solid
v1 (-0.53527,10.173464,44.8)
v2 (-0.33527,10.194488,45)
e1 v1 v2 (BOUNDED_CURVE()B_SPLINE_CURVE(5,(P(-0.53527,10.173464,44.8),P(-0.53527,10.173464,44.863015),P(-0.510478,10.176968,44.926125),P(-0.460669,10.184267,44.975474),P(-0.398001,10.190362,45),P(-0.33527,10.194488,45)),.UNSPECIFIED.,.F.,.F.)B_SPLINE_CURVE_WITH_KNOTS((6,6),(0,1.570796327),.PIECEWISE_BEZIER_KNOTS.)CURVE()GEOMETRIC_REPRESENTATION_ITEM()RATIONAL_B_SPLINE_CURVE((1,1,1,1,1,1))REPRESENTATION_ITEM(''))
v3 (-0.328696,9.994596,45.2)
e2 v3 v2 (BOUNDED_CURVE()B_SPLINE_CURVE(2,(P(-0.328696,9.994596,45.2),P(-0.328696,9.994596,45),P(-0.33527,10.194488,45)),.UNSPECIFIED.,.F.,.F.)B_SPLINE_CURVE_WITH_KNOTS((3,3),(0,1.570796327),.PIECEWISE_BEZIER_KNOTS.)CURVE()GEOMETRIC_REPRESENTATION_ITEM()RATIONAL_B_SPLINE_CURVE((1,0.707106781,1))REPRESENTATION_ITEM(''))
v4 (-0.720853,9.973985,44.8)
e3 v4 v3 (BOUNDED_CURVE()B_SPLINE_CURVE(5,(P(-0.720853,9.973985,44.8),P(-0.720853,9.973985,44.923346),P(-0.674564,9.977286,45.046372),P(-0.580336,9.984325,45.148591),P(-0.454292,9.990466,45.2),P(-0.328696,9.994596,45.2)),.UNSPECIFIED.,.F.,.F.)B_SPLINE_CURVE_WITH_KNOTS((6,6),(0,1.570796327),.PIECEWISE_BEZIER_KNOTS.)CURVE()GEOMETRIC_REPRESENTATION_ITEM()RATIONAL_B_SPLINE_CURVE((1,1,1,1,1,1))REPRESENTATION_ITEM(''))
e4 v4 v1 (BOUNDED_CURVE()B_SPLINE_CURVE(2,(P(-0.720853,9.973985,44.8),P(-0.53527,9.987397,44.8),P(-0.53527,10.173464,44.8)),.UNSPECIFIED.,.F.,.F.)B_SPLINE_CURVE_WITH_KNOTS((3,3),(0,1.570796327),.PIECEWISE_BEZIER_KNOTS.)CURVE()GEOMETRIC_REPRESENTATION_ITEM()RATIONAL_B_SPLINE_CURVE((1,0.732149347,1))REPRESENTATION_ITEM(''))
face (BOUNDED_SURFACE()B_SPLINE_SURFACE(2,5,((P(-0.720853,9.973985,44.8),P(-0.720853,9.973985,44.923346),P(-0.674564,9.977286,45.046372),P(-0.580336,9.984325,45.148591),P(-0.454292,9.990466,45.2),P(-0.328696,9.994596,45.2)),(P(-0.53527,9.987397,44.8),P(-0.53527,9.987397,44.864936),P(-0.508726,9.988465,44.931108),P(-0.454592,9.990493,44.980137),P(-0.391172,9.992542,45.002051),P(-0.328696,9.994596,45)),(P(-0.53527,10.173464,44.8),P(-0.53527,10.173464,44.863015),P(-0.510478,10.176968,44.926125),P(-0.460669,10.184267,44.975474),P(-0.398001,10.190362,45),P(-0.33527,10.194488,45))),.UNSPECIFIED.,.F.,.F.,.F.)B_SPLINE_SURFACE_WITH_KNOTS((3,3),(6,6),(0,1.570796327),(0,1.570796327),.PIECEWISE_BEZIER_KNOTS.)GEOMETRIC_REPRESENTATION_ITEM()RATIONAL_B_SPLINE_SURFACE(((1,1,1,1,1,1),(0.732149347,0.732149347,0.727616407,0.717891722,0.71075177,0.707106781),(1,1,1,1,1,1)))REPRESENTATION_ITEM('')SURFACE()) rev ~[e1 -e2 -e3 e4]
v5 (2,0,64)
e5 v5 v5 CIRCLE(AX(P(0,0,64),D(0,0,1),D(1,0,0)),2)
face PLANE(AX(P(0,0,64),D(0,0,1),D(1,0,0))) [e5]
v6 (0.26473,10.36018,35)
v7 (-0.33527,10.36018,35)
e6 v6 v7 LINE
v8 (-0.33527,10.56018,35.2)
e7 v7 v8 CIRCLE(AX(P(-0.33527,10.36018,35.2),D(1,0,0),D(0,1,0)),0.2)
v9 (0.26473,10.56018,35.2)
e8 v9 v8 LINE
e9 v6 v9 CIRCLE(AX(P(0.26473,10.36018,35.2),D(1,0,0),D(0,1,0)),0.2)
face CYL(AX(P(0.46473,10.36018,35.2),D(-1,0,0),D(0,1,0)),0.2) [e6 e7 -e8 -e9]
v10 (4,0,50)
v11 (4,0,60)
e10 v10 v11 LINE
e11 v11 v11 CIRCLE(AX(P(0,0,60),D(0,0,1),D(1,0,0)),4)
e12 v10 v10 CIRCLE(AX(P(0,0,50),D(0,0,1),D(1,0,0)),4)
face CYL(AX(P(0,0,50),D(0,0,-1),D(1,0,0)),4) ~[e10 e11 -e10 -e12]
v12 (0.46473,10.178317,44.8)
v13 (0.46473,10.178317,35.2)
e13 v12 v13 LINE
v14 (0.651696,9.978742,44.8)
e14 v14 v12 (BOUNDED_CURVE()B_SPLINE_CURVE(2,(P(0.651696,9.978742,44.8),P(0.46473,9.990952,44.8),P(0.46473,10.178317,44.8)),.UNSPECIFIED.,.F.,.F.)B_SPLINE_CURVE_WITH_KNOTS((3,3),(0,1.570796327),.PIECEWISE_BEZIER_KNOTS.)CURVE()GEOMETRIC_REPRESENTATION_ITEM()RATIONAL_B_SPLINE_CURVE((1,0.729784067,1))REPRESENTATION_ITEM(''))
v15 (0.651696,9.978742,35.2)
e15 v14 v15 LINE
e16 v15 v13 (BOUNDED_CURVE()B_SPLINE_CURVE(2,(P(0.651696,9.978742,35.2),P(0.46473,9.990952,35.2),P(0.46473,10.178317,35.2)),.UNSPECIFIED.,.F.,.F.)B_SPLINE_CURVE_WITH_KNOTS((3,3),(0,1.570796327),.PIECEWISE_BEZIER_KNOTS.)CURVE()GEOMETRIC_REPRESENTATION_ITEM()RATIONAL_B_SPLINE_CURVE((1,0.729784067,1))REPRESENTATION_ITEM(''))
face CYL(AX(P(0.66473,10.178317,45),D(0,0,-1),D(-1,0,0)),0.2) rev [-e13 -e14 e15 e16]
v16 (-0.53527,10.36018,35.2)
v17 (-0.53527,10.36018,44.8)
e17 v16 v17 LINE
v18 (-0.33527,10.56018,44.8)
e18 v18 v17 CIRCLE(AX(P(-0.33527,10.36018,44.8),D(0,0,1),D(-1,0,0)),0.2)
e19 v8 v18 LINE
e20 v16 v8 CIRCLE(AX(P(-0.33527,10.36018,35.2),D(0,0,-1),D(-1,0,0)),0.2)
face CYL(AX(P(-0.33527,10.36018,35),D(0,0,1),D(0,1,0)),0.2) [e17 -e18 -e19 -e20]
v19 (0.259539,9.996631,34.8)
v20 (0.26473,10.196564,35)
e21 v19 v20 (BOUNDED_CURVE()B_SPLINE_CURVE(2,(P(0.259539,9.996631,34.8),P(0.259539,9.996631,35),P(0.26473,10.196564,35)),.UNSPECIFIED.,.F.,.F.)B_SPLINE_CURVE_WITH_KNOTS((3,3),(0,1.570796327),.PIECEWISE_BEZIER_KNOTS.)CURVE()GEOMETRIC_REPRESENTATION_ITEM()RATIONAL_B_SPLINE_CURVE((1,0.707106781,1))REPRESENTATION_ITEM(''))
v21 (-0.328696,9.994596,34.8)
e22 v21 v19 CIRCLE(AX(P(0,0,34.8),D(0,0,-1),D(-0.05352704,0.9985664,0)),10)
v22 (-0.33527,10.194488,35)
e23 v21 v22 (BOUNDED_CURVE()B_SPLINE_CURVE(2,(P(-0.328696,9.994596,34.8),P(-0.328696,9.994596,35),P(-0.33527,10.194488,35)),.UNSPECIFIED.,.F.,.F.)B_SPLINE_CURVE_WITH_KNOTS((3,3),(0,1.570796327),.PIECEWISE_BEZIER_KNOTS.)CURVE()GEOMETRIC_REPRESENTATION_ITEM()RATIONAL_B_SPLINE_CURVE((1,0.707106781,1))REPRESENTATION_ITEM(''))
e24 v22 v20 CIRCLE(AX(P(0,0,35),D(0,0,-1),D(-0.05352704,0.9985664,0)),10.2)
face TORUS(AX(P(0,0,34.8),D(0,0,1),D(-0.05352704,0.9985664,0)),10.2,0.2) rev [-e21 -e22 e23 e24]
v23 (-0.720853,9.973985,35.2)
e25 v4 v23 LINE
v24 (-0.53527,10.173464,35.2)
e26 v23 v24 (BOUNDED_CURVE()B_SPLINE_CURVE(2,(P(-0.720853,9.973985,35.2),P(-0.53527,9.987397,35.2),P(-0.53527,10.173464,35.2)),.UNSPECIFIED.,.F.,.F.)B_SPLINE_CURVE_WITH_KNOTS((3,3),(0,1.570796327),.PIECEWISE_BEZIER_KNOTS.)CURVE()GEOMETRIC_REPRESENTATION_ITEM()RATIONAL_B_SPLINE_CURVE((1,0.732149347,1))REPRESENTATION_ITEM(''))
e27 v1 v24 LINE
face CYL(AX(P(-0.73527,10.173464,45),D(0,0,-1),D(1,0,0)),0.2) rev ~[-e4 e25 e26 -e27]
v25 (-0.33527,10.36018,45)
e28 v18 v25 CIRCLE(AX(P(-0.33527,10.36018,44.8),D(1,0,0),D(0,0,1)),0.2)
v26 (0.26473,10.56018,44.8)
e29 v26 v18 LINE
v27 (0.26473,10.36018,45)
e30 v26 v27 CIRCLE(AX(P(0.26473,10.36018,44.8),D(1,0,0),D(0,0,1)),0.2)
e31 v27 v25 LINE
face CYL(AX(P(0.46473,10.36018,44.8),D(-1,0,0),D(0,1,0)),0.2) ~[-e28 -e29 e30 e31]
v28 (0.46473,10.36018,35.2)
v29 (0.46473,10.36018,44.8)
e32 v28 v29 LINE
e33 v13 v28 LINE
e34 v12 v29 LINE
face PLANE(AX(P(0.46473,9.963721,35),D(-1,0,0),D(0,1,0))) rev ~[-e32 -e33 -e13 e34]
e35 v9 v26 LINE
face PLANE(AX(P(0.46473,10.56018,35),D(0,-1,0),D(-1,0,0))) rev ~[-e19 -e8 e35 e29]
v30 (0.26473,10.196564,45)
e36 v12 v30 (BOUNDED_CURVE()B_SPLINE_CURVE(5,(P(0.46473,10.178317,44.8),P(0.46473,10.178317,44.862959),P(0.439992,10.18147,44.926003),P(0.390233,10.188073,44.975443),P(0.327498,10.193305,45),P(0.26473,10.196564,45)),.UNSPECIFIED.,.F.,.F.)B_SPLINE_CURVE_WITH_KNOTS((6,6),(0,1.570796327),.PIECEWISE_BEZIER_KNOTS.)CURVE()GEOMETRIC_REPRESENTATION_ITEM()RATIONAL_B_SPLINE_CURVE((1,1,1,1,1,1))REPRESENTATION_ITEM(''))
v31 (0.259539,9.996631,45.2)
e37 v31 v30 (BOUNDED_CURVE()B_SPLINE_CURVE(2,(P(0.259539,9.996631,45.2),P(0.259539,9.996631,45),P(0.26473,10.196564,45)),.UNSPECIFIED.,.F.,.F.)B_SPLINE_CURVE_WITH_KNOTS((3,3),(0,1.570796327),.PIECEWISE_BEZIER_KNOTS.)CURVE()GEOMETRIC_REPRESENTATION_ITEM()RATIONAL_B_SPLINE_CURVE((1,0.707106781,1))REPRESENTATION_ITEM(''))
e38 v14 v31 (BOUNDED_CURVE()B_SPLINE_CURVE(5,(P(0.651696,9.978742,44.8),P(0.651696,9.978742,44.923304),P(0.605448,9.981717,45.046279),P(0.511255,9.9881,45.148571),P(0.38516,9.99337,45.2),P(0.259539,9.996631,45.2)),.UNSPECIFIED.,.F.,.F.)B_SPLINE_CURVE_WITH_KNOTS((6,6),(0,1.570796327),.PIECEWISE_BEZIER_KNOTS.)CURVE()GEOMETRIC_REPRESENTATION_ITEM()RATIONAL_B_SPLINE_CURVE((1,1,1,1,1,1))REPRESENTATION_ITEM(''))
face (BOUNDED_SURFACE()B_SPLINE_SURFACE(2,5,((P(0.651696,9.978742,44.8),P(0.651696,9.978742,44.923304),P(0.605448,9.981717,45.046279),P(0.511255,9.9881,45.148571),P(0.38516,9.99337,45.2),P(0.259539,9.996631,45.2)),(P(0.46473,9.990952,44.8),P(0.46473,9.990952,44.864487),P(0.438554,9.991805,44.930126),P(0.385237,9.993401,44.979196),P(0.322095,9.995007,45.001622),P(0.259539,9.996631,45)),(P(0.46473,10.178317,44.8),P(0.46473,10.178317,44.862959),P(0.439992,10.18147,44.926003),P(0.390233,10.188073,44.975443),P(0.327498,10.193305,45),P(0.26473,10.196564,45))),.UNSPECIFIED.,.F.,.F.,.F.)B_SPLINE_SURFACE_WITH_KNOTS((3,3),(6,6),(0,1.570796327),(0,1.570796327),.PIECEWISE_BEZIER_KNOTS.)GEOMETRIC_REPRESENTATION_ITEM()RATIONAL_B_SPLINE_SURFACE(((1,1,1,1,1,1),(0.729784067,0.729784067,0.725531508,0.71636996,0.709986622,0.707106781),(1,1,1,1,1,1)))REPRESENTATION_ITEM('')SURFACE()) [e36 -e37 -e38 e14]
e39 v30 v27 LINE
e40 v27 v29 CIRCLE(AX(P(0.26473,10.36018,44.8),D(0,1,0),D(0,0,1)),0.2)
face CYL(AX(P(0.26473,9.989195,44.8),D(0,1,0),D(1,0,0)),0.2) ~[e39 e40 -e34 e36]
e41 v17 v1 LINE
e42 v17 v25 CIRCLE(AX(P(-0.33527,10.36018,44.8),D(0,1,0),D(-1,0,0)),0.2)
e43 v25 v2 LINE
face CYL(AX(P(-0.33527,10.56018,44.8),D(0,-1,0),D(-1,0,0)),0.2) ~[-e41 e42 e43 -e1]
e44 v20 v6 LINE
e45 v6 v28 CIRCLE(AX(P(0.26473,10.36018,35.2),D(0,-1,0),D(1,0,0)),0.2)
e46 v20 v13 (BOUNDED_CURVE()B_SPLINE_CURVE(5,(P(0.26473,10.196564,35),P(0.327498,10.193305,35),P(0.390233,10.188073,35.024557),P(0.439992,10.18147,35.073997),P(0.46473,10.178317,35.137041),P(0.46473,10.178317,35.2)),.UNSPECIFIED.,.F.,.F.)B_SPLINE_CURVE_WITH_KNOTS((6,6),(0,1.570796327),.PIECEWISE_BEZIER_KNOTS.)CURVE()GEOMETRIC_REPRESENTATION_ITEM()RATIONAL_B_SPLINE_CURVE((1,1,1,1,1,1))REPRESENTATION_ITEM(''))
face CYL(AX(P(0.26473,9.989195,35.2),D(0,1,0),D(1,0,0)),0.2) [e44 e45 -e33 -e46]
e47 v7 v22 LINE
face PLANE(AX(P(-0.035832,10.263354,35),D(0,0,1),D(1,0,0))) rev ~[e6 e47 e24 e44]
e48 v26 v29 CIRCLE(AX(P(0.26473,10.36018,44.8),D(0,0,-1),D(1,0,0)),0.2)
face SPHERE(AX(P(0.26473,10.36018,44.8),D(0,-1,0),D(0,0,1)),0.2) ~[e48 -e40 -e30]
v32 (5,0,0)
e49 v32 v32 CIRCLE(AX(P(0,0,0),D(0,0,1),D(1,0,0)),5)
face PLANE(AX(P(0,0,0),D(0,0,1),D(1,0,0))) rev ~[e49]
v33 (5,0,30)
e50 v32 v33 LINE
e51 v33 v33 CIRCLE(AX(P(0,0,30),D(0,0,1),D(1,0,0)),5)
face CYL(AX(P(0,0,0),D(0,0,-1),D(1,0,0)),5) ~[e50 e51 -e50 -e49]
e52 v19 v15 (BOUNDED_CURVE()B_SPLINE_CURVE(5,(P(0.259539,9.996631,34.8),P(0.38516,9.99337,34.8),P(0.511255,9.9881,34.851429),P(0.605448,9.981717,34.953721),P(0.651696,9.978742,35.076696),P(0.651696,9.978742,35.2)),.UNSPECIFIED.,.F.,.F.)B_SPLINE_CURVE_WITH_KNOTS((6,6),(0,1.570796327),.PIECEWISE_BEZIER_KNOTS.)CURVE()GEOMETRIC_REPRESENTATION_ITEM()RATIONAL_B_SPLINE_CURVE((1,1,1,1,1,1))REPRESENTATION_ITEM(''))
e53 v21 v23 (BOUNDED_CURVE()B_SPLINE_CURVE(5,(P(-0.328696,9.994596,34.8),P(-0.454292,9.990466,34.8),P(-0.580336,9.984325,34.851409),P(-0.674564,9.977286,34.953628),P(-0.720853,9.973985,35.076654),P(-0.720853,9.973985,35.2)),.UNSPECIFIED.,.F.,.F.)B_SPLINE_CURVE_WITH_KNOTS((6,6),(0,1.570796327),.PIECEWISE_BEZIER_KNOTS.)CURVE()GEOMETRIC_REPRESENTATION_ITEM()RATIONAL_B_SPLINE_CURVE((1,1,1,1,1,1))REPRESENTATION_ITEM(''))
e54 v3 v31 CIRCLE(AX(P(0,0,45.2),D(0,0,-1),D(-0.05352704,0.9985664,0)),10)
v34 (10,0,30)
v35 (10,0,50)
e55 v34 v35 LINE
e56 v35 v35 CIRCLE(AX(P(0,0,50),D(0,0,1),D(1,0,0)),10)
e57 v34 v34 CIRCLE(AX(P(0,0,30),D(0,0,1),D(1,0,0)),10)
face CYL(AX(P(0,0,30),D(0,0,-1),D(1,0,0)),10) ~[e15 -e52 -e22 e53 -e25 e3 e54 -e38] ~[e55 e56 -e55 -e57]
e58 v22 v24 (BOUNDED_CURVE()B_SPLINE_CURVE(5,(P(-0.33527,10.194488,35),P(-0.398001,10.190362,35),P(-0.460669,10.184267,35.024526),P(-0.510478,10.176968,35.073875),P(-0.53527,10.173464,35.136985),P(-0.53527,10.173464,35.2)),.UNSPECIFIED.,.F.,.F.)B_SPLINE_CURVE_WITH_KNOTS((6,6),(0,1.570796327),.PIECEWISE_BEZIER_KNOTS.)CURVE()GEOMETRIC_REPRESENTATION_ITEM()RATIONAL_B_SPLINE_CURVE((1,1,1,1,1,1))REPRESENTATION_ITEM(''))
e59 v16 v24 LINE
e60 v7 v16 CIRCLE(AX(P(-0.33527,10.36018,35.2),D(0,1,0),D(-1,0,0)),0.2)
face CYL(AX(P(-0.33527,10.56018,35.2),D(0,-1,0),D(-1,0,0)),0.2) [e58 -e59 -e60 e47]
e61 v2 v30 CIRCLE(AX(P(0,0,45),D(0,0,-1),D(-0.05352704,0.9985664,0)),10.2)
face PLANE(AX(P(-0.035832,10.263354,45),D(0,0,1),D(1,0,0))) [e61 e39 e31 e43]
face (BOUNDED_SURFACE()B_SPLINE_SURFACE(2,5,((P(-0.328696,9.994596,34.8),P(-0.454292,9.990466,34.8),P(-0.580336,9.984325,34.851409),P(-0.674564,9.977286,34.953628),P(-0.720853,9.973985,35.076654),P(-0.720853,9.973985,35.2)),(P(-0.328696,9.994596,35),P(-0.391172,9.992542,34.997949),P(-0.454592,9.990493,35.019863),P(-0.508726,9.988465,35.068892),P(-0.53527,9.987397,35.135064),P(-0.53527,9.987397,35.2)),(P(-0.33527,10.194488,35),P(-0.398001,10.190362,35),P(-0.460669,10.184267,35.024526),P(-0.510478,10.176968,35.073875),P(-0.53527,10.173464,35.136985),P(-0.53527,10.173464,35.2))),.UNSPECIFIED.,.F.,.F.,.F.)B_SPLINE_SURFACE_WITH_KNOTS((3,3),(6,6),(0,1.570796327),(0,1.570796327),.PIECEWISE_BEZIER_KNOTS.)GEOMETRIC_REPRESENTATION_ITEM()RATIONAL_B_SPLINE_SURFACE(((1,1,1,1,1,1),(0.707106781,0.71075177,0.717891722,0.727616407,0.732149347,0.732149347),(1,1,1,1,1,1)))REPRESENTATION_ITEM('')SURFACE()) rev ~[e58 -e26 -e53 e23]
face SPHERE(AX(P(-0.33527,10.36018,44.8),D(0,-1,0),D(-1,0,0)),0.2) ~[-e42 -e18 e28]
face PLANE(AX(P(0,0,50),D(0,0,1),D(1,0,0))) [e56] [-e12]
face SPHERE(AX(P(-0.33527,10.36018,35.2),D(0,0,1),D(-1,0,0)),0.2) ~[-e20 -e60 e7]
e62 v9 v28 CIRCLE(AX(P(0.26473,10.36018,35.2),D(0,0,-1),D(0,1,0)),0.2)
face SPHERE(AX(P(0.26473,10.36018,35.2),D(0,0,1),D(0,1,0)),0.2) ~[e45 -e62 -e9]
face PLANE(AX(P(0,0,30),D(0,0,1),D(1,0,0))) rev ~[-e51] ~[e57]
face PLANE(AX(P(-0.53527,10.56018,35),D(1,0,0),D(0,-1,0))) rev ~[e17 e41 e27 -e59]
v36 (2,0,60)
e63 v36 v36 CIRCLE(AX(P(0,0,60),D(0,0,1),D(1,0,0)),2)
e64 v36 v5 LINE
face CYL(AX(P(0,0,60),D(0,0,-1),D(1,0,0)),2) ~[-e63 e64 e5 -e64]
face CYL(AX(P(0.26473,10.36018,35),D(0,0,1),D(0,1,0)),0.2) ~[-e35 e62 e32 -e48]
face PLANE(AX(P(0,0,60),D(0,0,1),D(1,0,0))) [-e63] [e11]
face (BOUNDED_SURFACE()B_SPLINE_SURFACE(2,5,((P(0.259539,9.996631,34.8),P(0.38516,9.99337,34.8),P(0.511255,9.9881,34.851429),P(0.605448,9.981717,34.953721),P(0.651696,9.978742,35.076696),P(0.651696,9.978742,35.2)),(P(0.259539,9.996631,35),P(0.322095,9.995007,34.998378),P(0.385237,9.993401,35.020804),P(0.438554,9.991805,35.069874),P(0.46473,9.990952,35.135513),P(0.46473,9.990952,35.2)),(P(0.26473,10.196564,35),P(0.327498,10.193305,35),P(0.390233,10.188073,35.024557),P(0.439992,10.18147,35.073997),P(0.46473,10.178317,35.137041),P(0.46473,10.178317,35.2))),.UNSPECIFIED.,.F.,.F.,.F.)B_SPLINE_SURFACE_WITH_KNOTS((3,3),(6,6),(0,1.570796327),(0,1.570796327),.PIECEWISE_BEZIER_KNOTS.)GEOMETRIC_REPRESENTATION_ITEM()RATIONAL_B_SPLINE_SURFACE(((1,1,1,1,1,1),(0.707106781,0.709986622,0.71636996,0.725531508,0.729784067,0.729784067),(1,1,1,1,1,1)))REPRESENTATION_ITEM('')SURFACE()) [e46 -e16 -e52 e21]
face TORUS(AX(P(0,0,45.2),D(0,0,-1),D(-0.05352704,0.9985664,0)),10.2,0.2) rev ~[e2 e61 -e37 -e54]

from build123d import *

# Parameters (mm, degrees)
SKETCH1_R           = 5
BOSS_EXTRUDE1_DEPTH = 30
SKETCH2_R           = 10
BOSS_EXTRUDE2_DEPTH = 20
SKETCH3_R           = 4
BOSS_EXTRUDE3_DEPTH = 10
SKETCH4_R           = 2
BOSS_EXTRUDE4_DEPTH = 4
BOSS_EXTRUDE5_START = -5
BOSS_EXTRUDE5_DEPTH = 10
FILLET1_R           = 0.2


with BuildPart() as part:
    # Sketch1 → Boss-Extrude1 (new body)
    with BuildSketch(Plane.XY):
        Circle(SKETCH1_R)
    extrude(amount=BOSS_EXTRUDE1_DEPTH)

    # Sketch2 → Boss-Extrude2 (add)
    with BuildSketch(Plane.XY.offset(30)):
        Circle(SKETCH2_R)
    extrude(amount=BOSS_EXTRUDE2_DEPTH)

    # Sketch3 → Boss-Extrude3 (add)
    with BuildSketch(Plane.XY.offset(50)):
        Circle(SKETCH3_R)
    extrude(amount=BOSS_EXTRUDE3_DEPTH)

    # Sketch4 → Boss-Extrude4 (add)
    with BuildSketch(Plane.XY.offset(60)):
        Circle(SKETCH4_R)
    extrude(amount=BOSS_EXTRUDE4_DEPTH)

    # Sketch5 → Boss-Extrude5 (add)
    with BuildSketch(Plane(origin=(0, 0, 30), x_dir=(-1, 0, 0), z_dir=(0, 0, -1)).offset(BOSS_EXTRUDE5_START)):
        with BuildLine():
            Line((-0.464729596, 10.560180083), (0.535270404, 10.560180083))
            Line((0.535270404, 10.560180083), (0.535270404, 9.960180083))
            ThreePointArc((0.535270404, 9.960180083), (0.035314802, 9.97449019), (-0.464729596, 9.963720595))
            Line((-0.464729596, 9.963720595), (-0.464729596, 10.560180083))
        make_face()
    extrude(amount=-BOSS_EXTRUDE5_DEPTH)

    # Fillet1
    fillet1_edges = [part.edges().sort_by_distance(p)[0] for p in [
        (-0.035314575, 9.999937644, 35),
        (-0.535270404, 9.985664004, 40),
        (0.464729596, 9.989195483, 40),
        (-0.035314575, 9.999937644, 45),
        (0.464729596, 10.274687783, 45),
        (-0.535270404, 10.272922043, 45),
        (-0.535270404, 10.560180083, 40),
        (-0.035270404, 10.560180083, 45),
        (0.464729596, 10.560180083, 40),
        (-0.535270404, 10.272922043, 35),
        (-0.035270404, 10.560180083, 35),
        (0.464729596, 10.274687783, 35),
    ]]
    fillet(fillet1_edges, radius=FILLET1_R)


solid = part.part
